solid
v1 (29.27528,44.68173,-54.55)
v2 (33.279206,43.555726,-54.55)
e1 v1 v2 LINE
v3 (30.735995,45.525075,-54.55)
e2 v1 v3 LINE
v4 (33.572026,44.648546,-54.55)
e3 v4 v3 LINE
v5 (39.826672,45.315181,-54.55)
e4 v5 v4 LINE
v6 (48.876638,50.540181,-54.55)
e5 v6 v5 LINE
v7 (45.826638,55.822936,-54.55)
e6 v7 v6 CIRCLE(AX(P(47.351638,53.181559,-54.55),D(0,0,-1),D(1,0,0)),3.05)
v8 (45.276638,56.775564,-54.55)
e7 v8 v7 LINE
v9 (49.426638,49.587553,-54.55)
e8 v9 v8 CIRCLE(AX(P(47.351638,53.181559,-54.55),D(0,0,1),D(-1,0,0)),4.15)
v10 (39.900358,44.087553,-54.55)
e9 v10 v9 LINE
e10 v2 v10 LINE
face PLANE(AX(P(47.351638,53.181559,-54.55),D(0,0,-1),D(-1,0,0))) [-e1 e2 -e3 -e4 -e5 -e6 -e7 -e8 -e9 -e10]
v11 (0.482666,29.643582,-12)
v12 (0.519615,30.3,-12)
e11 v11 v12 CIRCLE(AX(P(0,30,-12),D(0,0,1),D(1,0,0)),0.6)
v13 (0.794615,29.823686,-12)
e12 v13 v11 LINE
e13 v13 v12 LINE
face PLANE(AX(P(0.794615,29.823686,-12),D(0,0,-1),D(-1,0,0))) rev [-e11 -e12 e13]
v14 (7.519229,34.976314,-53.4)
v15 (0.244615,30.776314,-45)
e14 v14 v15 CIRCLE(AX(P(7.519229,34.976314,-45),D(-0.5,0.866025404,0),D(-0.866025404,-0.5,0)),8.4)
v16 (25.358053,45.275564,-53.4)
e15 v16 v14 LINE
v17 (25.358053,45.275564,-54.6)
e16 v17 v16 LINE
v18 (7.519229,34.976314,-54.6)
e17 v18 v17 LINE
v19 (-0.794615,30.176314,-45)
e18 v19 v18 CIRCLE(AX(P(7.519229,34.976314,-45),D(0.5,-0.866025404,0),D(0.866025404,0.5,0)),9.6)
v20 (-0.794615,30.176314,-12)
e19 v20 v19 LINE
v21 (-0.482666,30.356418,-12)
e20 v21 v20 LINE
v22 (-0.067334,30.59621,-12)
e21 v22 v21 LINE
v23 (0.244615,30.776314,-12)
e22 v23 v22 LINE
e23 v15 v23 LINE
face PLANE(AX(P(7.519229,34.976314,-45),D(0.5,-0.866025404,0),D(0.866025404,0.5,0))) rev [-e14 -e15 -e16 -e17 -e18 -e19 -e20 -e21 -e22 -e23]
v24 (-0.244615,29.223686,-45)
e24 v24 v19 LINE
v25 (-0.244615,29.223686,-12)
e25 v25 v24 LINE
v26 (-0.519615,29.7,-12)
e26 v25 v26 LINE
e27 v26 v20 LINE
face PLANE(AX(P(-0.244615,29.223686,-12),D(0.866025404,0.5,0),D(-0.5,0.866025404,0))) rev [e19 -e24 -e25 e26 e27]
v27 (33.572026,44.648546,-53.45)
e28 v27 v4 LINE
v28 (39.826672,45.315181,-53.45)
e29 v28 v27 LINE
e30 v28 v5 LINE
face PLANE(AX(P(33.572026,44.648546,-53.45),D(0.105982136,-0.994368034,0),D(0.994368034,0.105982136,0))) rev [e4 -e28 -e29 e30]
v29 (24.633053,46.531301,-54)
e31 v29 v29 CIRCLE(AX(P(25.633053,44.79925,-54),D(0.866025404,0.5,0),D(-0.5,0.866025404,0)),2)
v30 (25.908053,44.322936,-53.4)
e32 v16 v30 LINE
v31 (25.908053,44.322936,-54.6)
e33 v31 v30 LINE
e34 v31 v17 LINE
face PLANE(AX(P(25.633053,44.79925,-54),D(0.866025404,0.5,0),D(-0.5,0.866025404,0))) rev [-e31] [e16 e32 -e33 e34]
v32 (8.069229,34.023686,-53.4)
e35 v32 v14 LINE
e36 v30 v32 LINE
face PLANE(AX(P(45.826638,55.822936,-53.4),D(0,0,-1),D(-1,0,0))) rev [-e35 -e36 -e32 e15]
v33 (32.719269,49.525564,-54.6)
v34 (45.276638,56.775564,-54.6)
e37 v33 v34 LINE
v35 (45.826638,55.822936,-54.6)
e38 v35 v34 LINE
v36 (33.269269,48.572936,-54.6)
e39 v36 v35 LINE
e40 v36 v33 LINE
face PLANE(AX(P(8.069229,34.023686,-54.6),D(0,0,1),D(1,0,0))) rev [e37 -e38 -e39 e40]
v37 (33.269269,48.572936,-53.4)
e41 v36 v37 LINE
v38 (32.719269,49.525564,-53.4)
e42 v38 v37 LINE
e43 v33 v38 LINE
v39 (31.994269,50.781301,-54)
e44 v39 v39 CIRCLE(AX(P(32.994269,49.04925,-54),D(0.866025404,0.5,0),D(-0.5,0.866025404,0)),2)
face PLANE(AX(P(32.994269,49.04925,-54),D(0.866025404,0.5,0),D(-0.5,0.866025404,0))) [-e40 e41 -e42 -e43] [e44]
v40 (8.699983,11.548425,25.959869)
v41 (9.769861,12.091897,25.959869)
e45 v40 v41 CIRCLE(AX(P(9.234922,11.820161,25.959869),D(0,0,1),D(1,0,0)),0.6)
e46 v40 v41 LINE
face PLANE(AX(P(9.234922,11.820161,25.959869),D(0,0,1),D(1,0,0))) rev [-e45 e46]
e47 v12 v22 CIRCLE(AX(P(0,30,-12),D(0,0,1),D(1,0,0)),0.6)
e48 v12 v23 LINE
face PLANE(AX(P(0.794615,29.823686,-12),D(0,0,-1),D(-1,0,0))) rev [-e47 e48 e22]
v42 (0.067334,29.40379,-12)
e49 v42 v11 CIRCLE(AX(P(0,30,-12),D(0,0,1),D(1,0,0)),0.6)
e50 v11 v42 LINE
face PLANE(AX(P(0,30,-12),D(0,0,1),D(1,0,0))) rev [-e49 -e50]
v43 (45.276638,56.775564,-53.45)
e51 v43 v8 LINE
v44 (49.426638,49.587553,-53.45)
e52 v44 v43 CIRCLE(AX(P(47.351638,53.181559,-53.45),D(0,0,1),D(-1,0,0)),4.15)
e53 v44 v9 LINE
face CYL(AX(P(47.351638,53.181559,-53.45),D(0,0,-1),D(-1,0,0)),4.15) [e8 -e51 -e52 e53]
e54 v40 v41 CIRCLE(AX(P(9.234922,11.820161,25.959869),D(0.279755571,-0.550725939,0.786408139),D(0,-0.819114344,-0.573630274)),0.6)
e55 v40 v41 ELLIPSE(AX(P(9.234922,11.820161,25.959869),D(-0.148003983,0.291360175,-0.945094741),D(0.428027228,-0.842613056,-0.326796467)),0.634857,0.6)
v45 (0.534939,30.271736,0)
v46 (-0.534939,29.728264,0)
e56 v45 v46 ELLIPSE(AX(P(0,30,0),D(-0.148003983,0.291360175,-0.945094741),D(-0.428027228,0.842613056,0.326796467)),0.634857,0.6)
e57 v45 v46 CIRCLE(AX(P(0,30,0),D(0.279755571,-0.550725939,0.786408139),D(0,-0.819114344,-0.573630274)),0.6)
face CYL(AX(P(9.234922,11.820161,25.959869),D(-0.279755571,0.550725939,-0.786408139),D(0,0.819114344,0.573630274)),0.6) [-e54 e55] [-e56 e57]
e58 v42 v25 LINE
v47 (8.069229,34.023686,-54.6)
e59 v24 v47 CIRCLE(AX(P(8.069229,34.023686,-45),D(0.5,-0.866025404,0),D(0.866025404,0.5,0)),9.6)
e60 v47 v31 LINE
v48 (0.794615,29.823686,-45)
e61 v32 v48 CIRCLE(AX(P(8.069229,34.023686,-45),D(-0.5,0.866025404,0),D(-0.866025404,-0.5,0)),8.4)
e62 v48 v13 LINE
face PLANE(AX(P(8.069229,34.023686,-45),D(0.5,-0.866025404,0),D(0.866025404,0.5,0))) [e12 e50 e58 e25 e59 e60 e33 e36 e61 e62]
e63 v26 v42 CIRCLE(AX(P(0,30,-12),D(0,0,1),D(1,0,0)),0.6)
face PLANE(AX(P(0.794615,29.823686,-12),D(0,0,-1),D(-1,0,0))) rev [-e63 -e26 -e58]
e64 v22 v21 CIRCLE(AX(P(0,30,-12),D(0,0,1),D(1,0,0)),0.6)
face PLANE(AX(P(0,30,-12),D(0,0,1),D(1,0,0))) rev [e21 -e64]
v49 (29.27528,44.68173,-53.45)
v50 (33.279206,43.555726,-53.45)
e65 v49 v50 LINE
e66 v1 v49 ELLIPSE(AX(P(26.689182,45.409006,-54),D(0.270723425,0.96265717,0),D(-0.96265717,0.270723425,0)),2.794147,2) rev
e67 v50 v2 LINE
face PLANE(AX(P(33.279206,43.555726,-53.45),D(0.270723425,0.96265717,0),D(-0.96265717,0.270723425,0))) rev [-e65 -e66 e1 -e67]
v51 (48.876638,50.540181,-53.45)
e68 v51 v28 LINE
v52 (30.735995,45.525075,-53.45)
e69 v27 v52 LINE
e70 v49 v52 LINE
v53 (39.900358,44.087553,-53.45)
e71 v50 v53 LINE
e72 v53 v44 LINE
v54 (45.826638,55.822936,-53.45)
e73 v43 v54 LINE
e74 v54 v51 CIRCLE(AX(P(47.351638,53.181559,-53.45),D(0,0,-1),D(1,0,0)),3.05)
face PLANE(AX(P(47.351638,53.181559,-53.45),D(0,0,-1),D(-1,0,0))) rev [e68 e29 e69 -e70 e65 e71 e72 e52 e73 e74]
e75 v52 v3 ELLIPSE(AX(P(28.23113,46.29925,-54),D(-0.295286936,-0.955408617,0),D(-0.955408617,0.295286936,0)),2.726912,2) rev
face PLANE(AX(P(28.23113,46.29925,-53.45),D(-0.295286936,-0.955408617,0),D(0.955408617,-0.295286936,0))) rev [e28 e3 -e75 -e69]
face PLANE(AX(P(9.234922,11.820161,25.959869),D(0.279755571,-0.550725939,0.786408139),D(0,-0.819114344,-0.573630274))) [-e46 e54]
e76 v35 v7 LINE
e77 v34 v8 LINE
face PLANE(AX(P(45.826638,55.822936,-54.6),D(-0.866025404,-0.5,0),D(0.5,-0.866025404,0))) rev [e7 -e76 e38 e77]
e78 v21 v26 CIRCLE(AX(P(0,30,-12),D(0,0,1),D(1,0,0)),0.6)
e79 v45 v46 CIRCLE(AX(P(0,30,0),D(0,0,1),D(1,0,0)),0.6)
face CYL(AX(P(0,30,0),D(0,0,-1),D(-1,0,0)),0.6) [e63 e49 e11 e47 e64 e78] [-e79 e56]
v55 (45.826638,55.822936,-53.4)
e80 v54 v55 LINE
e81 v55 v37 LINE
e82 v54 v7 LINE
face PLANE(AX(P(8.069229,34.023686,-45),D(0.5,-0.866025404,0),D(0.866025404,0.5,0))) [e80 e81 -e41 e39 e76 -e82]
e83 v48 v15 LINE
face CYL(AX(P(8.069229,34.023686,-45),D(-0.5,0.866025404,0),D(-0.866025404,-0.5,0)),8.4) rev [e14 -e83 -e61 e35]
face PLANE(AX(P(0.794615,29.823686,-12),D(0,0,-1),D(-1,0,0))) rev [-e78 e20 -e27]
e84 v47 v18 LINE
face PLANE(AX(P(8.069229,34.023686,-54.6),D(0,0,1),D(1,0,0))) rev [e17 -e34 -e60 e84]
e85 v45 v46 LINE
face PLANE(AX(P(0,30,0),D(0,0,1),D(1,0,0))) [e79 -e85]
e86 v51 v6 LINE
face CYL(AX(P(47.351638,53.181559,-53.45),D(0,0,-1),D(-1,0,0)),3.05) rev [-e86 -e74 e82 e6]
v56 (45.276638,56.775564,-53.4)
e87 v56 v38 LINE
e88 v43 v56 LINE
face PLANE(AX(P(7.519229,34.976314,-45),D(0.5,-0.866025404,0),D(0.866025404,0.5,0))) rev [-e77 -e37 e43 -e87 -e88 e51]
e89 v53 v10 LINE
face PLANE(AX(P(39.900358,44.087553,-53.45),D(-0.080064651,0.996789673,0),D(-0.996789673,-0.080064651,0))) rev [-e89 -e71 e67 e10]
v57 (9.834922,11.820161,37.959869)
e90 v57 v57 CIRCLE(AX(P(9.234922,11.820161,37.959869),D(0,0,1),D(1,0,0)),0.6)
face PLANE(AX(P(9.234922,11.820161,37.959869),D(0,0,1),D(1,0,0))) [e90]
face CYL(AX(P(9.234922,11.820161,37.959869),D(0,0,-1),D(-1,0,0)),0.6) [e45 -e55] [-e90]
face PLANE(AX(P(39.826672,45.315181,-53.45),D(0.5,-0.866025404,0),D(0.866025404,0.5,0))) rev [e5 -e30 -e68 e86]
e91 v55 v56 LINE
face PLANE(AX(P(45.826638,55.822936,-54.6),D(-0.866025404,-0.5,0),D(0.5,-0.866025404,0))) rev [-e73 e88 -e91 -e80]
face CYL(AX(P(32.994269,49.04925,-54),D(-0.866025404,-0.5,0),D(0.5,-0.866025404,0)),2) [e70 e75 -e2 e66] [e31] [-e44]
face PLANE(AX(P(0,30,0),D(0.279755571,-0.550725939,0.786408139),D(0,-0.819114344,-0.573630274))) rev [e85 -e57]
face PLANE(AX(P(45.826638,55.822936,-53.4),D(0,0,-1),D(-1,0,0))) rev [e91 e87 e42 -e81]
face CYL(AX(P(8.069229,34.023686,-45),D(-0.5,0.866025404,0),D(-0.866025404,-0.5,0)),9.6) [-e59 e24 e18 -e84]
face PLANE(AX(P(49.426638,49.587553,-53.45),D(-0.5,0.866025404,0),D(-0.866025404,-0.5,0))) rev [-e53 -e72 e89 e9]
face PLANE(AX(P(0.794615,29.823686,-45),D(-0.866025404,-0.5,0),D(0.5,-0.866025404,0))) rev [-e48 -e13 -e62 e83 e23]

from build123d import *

# Parameters (mm, degrees)
S01_TENDON_CAPTIVE_TAIL_R                      = 0.6
F_01_TENDON_CAPTIVE_TAIL_DEPTH                 = 12
S02_CROSSED_TENDON_R                           = 0.6
F_02_CROSSED_TENDON_DEPTH                      = 33.010681761
S03_TENDON_THROUGH_REAR_GROMMET_R              = 0.6
F_03_TENDON_THROUGH_REAR_GROMMET_DEPTH         = 12
F_04_START                                     = -0.55
F_04_TENDON_RETURN_DEPTH                       = 1.1
F_05_START                                     = 0.55
F_05_REMOVABLE_BACKED_EYE_AROUND_POLISHE_DEPTH = 1.1
S06_DRESSED_EYE_KNOT_ENVELOPE_R                = 2
F_06_DRESSED_EYE_KNOT_ENVELOPE_DEPTH           = 8.5


with BuildPart() as part:
    # S01 - Tendon captive tail → 01 - Tendon captive tail (new body)
    with BuildSketch(Plane.XY.offset(25.959868809)):
        with Locations((9.23492213, 11.820161304)):
            Circle(S01_TENDON_CAPTIVE_TAIL_R)
    extrude(amount=F_01_TENDON_CAPTIVE_TAIL_DEPTH)

    # S02 - Crossed tendon → 02 - Crossed tendon (add)
    with BuildSketch(Plane(origin=(-4.622059485, 9.098971782, -12.992860813), x_dir=(0.9600712579884836, 0.16047626486622726, -0.2291518012126354), z_dir=(0.2797555711409706, -0.5507259385721964, 0.7864081389452696))):
        with Locations(Location((4.814287946, 24.573430328, 0), (0, 0, 21.775546522))):
            Circle(S02_CROSSED_TENDON_R)
    extrude(amount=F_02_CROSSED_TENDON_DEPTH)

    # S03 - Tendon through rear grommet → 03 - Tendon through rear grommet (add)
    with BuildSketch(Plane.XY.offset(-12)):
        with Locations(Location((0, 30, 0), (0, 0, 206.929477468))):
            Circle(S03_TENDON_THROUGH_REAR_GROMMET_R)
    extrude(amount=F_03_TENDON_THROUGH_REAR_GROMMET_DEPTH)

    # S04 - Tendon return → 04 - Tendon return (add)
    with BuildSketch(Plane(origin=(-12.990381057, 22.5, 0), x_dir=(-0.8660254037844386, -0.5000000000000001, 0), z_dir=(0.5000000000000001, -0.8660254037844386, 0)).offset(F_04_START)):
        with BuildLine():
            Line((-14.4, 12), (-14.4, 45))
            ThreePointArc((-14.4, 45), (-17.211774901, 51.788225099), (-24, 54.6))
            Line((-24, 54.6), (-67.598500564, 54.6))
            Line((-67.598500564, 54.6), (-67.598500564, 53.4))
            Line((-67.598500564, 53.4), (-24, 53.4))
            ThreePointArc((-24, 53.4), (-18.060303038, 50.939696962), (-15.6, 45))
            Line((-15.6, 45), (-15.6, 12))
            Line((-15.6, 12), (-14.4, 12))
        make_face()
    extrude(amount=F_04_TENDON_RETURN_DEPTH)

    # S05 - Removable backed eye around polished clevis sleeve → 05 - Removable backed eye around polished clevis sleeve (add)
    with BuildSketch(Plane.XY.offset(-54).offset(F_05_START)):
        with BuildLine():
            Line((45.103432609, 56.675564254), (45.27663769, 56.775564254))
            ThreePointArc((45.27663769, 56.775564254), (50.945643115, 55.256558829), (49.42663769, 49.587553403))
            Line((49.42663769, 49.587553403), (39.900358248, 44.087553403))
            Line((39.900358248, 44.087553403), (33.279205825, 43.555725804))
            Line((33.279205825, 43.555725804), (27.76510421, 45.106429959))
            Line((27.76510421, 45.106429959), (28.231129614, 46.299250282))
            Line((28.231129614, 46.299250282), (33.572026148, 44.648546127))
            Line((33.572026148, 44.648546127), (39.82667222, 45.315181347))
            Line((39.82667222, 45.315181347), (48.87663769, 50.540181347))
            ThreePointArc((48.87663769, 50.540181347), (49.993015171, 54.706558829), (45.82663769, 55.82293631))
            Line((45.82663769, 55.82293631), (45.653432609, 55.72293631))
            Line((45.653432609, 55.72293631), (45.103432609, 56.675564254))
        make_face()
    extrude(amount=-F_05_REMOVABLE_BACKED_EYE_AROUND_POLISHE_DEPTH)

    # S06 - Dressed eye knot envelope → 06 - Dressed eye knot envelope (add)
    with BuildSketch(Plane(origin=(38.623434459, 22.299250282, 0), x_dir=(0, 0, -1), z_dir=(0.8660254037844387, 0.4999999999999999, 0))):
        with Locations(Location((54, 25.980762114, 0), (0, 0, 90))):
            Circle(S06_DRESSED_EYE_KNOT_ENVELOPE_R)
    extrude(amount=F_06_DRESSED_EYE_KNOT_ENVELOPE_DEPTH)


solid = part.part
